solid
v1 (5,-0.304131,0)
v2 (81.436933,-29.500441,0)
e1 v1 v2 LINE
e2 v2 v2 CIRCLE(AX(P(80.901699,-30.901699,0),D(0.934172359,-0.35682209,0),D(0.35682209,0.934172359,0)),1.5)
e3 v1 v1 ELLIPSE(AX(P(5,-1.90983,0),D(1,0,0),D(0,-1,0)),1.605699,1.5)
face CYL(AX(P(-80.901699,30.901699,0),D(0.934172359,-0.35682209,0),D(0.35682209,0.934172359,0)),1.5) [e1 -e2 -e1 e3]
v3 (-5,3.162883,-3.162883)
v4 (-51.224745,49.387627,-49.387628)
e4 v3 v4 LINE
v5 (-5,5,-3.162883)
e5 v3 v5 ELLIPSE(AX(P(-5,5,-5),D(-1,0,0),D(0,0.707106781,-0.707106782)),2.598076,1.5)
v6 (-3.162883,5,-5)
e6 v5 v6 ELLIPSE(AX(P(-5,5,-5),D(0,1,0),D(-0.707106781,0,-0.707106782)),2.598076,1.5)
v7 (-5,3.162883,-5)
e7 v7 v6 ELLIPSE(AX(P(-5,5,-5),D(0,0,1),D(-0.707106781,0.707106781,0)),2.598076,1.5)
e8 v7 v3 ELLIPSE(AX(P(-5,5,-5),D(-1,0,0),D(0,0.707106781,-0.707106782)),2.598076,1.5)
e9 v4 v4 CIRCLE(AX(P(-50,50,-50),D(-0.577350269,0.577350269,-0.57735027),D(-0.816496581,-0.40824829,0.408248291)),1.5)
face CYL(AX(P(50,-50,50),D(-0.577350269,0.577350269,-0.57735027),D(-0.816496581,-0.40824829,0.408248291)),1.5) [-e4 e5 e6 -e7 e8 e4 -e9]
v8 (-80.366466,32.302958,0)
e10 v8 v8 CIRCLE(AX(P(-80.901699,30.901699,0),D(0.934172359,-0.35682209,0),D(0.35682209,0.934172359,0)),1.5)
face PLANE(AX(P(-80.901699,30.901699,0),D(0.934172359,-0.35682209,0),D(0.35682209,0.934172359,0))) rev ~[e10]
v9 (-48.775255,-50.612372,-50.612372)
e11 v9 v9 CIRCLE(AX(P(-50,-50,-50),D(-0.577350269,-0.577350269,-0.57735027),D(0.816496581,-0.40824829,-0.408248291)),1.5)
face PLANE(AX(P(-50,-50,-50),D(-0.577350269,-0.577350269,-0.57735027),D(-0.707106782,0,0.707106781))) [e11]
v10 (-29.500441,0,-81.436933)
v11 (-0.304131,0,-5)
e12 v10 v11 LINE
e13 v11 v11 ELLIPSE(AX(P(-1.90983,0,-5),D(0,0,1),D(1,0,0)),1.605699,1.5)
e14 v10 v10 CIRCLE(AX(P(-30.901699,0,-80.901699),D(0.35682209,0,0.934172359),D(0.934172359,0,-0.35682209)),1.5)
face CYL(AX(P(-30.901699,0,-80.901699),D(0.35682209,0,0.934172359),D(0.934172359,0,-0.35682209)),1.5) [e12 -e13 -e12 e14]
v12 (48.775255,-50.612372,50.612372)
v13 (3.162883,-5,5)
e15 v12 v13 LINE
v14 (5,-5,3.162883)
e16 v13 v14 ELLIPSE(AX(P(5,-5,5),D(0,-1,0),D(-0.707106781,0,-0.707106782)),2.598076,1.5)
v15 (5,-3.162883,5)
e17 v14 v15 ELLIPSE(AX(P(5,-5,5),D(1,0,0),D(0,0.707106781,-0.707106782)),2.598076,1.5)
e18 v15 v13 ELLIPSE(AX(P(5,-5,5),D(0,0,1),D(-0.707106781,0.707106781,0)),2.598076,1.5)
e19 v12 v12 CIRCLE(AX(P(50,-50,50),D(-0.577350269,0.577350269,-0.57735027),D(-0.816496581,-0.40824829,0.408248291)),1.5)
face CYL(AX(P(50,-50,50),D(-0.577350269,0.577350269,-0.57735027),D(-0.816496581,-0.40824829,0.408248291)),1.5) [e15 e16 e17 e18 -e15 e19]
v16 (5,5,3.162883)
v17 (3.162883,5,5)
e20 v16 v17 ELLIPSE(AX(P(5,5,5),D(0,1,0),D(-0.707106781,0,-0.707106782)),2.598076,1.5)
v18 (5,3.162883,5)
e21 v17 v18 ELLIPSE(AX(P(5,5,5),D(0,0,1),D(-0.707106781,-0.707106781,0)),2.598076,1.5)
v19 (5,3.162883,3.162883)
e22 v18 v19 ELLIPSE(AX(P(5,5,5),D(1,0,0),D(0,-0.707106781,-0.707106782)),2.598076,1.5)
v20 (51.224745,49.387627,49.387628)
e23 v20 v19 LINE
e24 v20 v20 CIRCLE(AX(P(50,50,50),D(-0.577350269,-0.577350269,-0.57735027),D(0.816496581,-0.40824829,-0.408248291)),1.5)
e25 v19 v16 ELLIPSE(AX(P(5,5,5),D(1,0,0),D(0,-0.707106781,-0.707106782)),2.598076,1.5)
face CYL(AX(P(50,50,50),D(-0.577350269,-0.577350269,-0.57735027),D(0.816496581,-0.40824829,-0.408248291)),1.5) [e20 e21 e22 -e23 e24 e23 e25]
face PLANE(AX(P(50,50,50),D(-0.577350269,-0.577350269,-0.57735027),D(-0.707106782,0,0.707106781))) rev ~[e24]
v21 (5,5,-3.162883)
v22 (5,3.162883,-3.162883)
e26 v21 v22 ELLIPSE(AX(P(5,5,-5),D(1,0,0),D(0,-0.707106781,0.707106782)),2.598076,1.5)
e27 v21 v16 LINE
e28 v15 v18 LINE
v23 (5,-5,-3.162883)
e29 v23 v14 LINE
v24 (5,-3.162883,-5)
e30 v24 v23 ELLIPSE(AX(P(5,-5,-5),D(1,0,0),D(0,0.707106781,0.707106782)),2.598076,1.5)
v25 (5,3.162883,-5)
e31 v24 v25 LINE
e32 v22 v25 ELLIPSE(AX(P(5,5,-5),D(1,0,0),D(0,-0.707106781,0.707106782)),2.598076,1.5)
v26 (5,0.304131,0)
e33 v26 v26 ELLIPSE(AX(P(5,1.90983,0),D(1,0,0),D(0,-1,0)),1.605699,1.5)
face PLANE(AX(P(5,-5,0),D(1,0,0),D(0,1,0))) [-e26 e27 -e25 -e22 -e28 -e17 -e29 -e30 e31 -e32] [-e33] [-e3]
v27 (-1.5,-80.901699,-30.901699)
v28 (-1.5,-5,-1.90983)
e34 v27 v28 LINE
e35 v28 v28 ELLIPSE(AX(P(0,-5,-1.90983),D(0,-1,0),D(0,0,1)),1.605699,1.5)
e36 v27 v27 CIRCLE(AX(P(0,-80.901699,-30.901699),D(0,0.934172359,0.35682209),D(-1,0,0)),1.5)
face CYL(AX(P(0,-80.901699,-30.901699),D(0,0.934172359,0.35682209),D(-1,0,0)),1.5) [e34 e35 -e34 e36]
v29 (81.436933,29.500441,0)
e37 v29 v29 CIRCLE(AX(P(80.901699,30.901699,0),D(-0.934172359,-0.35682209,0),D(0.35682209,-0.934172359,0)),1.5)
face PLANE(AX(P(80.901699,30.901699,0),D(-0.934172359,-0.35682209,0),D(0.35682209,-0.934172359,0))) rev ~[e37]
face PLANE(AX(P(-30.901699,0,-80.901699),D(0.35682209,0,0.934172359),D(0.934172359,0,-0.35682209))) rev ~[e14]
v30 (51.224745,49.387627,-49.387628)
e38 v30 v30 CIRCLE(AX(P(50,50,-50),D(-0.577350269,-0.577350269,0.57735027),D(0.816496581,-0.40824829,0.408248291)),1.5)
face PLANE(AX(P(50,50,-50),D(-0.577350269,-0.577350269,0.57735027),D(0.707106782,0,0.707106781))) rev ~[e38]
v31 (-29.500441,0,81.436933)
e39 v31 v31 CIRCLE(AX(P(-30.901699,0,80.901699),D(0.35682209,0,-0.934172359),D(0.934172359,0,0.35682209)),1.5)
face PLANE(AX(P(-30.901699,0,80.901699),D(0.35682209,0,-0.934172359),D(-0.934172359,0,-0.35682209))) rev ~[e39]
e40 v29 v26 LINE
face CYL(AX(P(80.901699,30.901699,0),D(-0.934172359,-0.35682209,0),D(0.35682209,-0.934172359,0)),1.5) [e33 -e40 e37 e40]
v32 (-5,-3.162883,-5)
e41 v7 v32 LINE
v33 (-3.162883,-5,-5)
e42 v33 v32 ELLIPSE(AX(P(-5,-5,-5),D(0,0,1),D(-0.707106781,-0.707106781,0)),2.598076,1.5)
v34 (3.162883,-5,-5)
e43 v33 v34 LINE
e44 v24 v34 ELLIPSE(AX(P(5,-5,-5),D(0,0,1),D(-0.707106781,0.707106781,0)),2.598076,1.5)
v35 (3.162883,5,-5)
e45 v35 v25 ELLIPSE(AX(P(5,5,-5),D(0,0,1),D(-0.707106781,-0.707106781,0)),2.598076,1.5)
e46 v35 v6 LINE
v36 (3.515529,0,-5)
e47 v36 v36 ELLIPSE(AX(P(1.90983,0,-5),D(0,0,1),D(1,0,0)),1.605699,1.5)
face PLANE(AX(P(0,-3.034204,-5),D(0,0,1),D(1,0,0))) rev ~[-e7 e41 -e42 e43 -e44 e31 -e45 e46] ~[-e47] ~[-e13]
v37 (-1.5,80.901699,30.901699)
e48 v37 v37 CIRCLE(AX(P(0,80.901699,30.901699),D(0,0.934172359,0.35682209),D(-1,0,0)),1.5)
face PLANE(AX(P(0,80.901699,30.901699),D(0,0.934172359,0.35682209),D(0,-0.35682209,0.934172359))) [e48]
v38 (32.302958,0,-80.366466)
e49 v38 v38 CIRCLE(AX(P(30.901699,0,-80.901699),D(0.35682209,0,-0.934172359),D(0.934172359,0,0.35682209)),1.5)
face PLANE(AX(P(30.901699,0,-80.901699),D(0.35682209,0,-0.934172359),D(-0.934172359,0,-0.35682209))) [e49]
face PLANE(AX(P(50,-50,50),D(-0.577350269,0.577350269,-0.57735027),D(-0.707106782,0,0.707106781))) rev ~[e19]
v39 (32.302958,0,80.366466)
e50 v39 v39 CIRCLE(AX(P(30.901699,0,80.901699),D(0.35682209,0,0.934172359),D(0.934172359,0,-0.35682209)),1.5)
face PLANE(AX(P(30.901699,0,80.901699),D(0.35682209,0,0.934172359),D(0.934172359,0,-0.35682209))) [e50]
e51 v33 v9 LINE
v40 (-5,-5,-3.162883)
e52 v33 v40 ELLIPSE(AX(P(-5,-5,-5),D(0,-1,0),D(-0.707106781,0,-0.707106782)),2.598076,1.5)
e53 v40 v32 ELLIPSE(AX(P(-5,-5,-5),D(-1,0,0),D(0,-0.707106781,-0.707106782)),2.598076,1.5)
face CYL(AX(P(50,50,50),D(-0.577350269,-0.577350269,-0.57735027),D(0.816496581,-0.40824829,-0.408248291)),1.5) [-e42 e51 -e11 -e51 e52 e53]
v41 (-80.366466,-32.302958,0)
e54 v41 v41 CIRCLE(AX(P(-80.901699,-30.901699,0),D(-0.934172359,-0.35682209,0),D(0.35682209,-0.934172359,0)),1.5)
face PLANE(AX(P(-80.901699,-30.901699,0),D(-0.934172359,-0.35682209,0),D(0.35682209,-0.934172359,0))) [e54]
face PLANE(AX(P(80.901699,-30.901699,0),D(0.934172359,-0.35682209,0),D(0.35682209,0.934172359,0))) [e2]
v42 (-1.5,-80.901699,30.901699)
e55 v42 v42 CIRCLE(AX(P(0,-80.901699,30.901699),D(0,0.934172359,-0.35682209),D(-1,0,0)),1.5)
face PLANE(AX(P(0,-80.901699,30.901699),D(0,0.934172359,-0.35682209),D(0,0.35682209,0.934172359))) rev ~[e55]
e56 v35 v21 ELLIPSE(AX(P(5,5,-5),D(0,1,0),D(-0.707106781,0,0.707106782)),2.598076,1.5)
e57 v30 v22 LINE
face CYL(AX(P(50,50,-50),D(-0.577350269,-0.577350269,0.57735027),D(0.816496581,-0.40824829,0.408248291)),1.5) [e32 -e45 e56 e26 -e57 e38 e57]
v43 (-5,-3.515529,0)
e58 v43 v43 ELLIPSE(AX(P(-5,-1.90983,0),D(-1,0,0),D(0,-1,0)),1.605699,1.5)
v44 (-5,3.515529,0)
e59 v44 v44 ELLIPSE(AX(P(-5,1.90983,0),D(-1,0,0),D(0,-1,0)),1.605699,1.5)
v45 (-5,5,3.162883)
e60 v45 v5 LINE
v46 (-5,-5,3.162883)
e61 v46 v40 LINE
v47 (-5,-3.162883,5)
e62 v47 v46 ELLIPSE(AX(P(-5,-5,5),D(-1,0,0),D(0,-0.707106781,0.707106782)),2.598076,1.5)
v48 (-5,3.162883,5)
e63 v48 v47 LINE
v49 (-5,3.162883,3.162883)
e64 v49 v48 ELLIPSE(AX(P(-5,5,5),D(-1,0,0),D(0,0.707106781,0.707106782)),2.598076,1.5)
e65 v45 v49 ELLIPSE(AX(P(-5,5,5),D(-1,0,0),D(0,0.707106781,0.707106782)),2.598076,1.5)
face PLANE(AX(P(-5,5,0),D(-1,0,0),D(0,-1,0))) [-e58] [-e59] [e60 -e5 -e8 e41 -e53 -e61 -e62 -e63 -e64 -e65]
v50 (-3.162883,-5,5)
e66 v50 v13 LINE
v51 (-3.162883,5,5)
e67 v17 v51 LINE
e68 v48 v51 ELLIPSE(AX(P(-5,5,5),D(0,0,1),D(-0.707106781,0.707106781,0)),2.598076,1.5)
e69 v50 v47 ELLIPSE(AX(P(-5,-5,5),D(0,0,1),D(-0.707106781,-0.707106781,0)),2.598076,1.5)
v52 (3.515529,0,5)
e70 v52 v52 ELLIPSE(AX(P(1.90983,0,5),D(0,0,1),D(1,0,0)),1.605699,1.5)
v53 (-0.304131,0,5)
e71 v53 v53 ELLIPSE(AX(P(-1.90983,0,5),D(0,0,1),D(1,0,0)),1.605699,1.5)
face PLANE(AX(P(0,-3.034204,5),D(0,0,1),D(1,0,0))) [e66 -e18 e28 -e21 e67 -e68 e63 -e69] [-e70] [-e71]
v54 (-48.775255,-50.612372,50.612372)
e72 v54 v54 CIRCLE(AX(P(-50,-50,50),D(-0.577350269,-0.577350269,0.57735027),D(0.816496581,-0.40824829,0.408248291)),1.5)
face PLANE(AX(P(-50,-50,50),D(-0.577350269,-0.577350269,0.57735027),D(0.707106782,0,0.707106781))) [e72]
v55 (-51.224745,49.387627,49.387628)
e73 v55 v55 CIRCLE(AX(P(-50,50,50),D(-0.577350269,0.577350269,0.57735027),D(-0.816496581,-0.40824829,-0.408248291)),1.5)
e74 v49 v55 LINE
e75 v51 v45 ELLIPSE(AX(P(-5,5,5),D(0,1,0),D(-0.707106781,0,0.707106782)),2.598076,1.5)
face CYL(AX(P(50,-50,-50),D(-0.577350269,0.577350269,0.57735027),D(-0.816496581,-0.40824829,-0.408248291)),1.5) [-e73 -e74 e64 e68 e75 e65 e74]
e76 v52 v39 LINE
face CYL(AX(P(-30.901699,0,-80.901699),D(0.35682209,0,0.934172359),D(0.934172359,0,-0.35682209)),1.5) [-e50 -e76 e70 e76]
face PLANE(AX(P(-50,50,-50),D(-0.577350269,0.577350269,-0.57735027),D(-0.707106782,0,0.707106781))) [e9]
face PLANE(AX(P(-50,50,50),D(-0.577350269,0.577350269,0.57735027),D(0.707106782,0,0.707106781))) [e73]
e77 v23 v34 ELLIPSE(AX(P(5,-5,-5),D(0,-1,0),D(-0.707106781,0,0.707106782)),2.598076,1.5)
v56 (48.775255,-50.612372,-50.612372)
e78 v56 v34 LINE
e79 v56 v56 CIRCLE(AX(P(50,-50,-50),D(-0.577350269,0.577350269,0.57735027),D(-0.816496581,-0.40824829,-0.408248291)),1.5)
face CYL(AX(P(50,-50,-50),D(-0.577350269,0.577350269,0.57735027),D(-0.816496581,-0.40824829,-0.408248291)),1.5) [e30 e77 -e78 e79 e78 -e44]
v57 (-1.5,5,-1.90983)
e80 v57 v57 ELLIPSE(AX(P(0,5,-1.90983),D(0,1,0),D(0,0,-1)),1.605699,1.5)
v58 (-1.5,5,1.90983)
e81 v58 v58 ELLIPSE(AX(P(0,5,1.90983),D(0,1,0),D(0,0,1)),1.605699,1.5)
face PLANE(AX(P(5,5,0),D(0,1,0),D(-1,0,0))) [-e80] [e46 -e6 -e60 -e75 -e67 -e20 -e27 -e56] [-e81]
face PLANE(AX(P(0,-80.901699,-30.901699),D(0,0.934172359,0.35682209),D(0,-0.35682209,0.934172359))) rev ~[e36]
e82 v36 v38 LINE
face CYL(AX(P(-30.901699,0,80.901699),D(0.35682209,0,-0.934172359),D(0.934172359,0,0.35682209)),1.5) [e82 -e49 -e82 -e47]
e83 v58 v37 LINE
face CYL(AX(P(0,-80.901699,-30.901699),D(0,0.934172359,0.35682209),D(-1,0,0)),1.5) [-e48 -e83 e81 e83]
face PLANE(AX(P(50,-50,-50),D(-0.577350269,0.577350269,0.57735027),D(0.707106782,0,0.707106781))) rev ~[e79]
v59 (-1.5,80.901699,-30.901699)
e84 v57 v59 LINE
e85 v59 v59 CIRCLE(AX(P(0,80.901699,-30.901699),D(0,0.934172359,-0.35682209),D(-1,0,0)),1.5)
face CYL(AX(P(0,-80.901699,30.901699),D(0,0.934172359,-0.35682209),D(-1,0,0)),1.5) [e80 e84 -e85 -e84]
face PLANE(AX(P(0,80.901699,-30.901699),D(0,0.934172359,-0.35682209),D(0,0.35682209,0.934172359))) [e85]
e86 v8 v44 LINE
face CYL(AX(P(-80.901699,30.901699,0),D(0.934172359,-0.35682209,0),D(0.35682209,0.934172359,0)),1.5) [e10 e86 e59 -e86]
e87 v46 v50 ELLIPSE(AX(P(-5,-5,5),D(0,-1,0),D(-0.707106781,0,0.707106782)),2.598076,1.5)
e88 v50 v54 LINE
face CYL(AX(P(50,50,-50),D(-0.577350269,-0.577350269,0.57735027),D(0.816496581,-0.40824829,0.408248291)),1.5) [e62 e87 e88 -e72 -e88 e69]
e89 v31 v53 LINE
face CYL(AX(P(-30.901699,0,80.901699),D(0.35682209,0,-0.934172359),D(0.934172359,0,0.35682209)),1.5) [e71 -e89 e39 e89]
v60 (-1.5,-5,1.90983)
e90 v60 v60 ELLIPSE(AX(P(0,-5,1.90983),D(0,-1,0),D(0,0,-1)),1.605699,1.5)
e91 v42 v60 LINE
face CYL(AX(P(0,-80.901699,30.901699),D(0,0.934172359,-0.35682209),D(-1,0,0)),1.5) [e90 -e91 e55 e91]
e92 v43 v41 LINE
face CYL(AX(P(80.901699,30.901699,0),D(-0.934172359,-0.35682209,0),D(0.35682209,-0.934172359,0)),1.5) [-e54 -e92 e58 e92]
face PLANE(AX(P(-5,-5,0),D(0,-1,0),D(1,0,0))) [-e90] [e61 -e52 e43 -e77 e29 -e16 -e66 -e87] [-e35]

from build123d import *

# Parameters (mm, degrees)
F1_DEPTH = 5
F9_R     = 1.5
F12_R    = 1.5
F15_R    = 1.5
F18_R    = 1.5
F21_R    = 1.5
F24_R    = 1.5
F28_R    = 1.5
F32_R    = 1.5
F31_R    = 1.5
F36_R    = 1.5


with BuildPart() as f1:
    # F0 (on Top) → F1 (new body, symmetric)
    with BuildSketch(Plane.XY):
        Polygon((-5, -5), (5, -5), (5, -1.9098300548), (0, 0), (-5, -1.9098300548), align=None)
        Polygon((0, 0), (5, -1.9098300548), (5, 1.9098300548), align=None)
        Polygon((-5, 1.9098300548), (-5, -1.9098300548), (0, 0), align=None)
        Polygon((0, 0), (5, 1.9098300548), (5, 5), (-5, 5), (-5, 1.9098300548), align=None)
    extrude(amount=F1_DEPTH, both=True)

    # F10: sweep along a path in F3
    with BuildLine(Plane(origin=(0, 0, 0), x_dir=(-0.7071067812, 0.7071067812, 0), z_dir=(0.7071067812, 0.7071067812, 0))) as f10_path:
        Line((-70.710678, 50), (70.710678, -50))
    # F9 (on line) → F10 (sweep)
    with BuildSketch(Plane(origin=(49.9999999161, -49.9999999161, 50), x_dir=(-0.8164965812, -0.4082482899, 0.4082482906), z_dir=(-0.5773502689, 0.5773502689, -0.5773502698))):
        Circle(F9_R)
    sweep(path=f10_path.line)

    # F13: sweep along a path in F3
    with BuildLine(Plane(origin=(0, 0, 0), x_dir=(-0.7071067812, 0.7071067812, 0), z_dir=(0.7071067812, 0.7071067812, 0))) as f13_path:
        Line((-70.710678, -50), (70.710678, 50))
    # F12 (on line) → F13 (sweep)
    with BuildSketch(Plane(origin=(49.9999999161, -49.9999999161, -50), x_dir=(-0.8164965812, -0.4082482899, -0.4082482906), z_dir=(-0.5773502689, 0.5773502689, 0.5773502698))):
        Circle(F12_R)
    sweep(path=f13_path.line)

    # F16: sweep along a path in F5
    with BuildLine(Plane(origin=(0, 0, 0), x_dir=(0.7071067812, 0.7071067812, 0), z_dir=(0.7071067812, -0.7071067812, 0))) as f16_path:
        Line((70.710678, -50), (-70.710678, 50))
    # F15 (on line) → F16 (sweep)
    with BuildSketch(Plane(origin=(-49.9999999161, -49.9999999161, 50), x_dir=(0.8164965812, -0.4082482899, 0.4082482906), z_dir=(-0.5773502689, -0.5773502689, 0.5773502698))):
        Circle(F15_R)
    sweep(path=f16_path.line)

    # F19: sweep along a path in F5
    with BuildLine(Plane(origin=(0, 0, 0), x_dir=(0.7071067812, 0.7071067812, 0), z_dir=(0.7071067812, -0.7071067812, 0))) as f19_path:
        Line((70.710678, 50), (-70.710678, -50))
    # F18 (on line) → F19 (sweep)
    with BuildSketch(Plane(origin=(-49.9999999161, -49.9999999161, -50), x_dir=(0.8164965812, -0.4082482899, -0.4082482906), z_dir=(-0.5773502689, -0.5773502689, -0.5773502698))):
        Circle(F18_R)
    sweep(path=f19_path.line)

    # F22: sweep along a path in F7
    with BuildLine(Plane.YZ) as f22_path:
        Line((-80.9016994, -30.9016994), (80.9016994, 30.9016994))
    # F21 (on line) → F22 (sweep)
    with BuildSketch(Plane(origin=(0, -80.9016994, -30.9016994), x_dir=(-1, 0, 0), z_dir=(0, 0.9341723591, 0.3568220895))):
        Circle(F21_R)
    sweep(path=f22_path.line)

    # F25: sweep along a path in F7
    with BuildLine(Plane.YZ) as f25_path:
        Line((-80.9016994, 30.9016994), (80.9016994, -30.9016994))
    # F24 (on line) → F25 (sweep)
    with BuildSketch(Plane(origin=(0, 80.9016994, -30.9016994), x_dir=(-1, 0, 0), z_dir=(0, 0.9341723591, -0.3568220895))):
        Circle(F24_R)
    sweep(path=f25_path.line)

    # F29: sweep along a path in F0
    with BuildLine(Plane.XY) as f29_path:
        Line((80.9016994, 30.9016994), (-80.9016994, -30.9016994))
    # F28 (on line) → F29 (sweep)
    with BuildSketch(Plane(origin=(80.9016994, 30.9016994, 0), x_dir=(0.3568220895, -0.9341723591, 0), z_dir=(-0.9341723591, -0.3568220895, 0))):
        Circle(F28_R)
    sweep(path=f29_path.line)

    # F33: sweep along a path in F0
    with BuildLine(Plane.XY) as f33_path:
        Line((-80.9016994, 30.9016994), (80.9016994, -30.9016994))
    # F32 (on line) → F33 (sweep)
    with BuildSketch(Plane(origin=(80.9016994, -30.9016994, 0), x_dir=(0.3568220895, 0.9341723591, 0), z_dir=(0.9341723591, -0.3568220895, 0))):
        Circle(F32_R)
    sweep(path=f33_path.line)

    # F34: sweep along a path in F6
    with BuildLine(Plane.XZ) as f34_path:
        Line((-30.9016994, -80.9016994), (30.9016994, 80.9016994))
    # F31 (on line) → F34 (sweep)
    with BuildSketch(Plane(origin=(30.9016994, 0, 80.9016994), x_dir=(0.9341723591, 0, -0.3568220895), z_dir=(0.3568220895, 0, 0.9341723591))):
        Circle(F31_R)
    sweep(path=f34_path.line)

    # F37: sweep along a path in F6
    with BuildLine(Plane.XZ) as f37_path:
        Line((-30.9016994, 80.9016994), (30.9016994, -80.9016994))
    # F36 (on line) → F37 (sweep)
    with BuildSketch(Plane(origin=(-30.9016994, 0, 80.9016994), x_dir=(0.9341723591, 0, 0.3568220895), z_dir=(0.3568220895, 0, -0.9341723591))):
        Circle(F36_R)
    sweep(path=f37_path.line)


solid = f1.part
